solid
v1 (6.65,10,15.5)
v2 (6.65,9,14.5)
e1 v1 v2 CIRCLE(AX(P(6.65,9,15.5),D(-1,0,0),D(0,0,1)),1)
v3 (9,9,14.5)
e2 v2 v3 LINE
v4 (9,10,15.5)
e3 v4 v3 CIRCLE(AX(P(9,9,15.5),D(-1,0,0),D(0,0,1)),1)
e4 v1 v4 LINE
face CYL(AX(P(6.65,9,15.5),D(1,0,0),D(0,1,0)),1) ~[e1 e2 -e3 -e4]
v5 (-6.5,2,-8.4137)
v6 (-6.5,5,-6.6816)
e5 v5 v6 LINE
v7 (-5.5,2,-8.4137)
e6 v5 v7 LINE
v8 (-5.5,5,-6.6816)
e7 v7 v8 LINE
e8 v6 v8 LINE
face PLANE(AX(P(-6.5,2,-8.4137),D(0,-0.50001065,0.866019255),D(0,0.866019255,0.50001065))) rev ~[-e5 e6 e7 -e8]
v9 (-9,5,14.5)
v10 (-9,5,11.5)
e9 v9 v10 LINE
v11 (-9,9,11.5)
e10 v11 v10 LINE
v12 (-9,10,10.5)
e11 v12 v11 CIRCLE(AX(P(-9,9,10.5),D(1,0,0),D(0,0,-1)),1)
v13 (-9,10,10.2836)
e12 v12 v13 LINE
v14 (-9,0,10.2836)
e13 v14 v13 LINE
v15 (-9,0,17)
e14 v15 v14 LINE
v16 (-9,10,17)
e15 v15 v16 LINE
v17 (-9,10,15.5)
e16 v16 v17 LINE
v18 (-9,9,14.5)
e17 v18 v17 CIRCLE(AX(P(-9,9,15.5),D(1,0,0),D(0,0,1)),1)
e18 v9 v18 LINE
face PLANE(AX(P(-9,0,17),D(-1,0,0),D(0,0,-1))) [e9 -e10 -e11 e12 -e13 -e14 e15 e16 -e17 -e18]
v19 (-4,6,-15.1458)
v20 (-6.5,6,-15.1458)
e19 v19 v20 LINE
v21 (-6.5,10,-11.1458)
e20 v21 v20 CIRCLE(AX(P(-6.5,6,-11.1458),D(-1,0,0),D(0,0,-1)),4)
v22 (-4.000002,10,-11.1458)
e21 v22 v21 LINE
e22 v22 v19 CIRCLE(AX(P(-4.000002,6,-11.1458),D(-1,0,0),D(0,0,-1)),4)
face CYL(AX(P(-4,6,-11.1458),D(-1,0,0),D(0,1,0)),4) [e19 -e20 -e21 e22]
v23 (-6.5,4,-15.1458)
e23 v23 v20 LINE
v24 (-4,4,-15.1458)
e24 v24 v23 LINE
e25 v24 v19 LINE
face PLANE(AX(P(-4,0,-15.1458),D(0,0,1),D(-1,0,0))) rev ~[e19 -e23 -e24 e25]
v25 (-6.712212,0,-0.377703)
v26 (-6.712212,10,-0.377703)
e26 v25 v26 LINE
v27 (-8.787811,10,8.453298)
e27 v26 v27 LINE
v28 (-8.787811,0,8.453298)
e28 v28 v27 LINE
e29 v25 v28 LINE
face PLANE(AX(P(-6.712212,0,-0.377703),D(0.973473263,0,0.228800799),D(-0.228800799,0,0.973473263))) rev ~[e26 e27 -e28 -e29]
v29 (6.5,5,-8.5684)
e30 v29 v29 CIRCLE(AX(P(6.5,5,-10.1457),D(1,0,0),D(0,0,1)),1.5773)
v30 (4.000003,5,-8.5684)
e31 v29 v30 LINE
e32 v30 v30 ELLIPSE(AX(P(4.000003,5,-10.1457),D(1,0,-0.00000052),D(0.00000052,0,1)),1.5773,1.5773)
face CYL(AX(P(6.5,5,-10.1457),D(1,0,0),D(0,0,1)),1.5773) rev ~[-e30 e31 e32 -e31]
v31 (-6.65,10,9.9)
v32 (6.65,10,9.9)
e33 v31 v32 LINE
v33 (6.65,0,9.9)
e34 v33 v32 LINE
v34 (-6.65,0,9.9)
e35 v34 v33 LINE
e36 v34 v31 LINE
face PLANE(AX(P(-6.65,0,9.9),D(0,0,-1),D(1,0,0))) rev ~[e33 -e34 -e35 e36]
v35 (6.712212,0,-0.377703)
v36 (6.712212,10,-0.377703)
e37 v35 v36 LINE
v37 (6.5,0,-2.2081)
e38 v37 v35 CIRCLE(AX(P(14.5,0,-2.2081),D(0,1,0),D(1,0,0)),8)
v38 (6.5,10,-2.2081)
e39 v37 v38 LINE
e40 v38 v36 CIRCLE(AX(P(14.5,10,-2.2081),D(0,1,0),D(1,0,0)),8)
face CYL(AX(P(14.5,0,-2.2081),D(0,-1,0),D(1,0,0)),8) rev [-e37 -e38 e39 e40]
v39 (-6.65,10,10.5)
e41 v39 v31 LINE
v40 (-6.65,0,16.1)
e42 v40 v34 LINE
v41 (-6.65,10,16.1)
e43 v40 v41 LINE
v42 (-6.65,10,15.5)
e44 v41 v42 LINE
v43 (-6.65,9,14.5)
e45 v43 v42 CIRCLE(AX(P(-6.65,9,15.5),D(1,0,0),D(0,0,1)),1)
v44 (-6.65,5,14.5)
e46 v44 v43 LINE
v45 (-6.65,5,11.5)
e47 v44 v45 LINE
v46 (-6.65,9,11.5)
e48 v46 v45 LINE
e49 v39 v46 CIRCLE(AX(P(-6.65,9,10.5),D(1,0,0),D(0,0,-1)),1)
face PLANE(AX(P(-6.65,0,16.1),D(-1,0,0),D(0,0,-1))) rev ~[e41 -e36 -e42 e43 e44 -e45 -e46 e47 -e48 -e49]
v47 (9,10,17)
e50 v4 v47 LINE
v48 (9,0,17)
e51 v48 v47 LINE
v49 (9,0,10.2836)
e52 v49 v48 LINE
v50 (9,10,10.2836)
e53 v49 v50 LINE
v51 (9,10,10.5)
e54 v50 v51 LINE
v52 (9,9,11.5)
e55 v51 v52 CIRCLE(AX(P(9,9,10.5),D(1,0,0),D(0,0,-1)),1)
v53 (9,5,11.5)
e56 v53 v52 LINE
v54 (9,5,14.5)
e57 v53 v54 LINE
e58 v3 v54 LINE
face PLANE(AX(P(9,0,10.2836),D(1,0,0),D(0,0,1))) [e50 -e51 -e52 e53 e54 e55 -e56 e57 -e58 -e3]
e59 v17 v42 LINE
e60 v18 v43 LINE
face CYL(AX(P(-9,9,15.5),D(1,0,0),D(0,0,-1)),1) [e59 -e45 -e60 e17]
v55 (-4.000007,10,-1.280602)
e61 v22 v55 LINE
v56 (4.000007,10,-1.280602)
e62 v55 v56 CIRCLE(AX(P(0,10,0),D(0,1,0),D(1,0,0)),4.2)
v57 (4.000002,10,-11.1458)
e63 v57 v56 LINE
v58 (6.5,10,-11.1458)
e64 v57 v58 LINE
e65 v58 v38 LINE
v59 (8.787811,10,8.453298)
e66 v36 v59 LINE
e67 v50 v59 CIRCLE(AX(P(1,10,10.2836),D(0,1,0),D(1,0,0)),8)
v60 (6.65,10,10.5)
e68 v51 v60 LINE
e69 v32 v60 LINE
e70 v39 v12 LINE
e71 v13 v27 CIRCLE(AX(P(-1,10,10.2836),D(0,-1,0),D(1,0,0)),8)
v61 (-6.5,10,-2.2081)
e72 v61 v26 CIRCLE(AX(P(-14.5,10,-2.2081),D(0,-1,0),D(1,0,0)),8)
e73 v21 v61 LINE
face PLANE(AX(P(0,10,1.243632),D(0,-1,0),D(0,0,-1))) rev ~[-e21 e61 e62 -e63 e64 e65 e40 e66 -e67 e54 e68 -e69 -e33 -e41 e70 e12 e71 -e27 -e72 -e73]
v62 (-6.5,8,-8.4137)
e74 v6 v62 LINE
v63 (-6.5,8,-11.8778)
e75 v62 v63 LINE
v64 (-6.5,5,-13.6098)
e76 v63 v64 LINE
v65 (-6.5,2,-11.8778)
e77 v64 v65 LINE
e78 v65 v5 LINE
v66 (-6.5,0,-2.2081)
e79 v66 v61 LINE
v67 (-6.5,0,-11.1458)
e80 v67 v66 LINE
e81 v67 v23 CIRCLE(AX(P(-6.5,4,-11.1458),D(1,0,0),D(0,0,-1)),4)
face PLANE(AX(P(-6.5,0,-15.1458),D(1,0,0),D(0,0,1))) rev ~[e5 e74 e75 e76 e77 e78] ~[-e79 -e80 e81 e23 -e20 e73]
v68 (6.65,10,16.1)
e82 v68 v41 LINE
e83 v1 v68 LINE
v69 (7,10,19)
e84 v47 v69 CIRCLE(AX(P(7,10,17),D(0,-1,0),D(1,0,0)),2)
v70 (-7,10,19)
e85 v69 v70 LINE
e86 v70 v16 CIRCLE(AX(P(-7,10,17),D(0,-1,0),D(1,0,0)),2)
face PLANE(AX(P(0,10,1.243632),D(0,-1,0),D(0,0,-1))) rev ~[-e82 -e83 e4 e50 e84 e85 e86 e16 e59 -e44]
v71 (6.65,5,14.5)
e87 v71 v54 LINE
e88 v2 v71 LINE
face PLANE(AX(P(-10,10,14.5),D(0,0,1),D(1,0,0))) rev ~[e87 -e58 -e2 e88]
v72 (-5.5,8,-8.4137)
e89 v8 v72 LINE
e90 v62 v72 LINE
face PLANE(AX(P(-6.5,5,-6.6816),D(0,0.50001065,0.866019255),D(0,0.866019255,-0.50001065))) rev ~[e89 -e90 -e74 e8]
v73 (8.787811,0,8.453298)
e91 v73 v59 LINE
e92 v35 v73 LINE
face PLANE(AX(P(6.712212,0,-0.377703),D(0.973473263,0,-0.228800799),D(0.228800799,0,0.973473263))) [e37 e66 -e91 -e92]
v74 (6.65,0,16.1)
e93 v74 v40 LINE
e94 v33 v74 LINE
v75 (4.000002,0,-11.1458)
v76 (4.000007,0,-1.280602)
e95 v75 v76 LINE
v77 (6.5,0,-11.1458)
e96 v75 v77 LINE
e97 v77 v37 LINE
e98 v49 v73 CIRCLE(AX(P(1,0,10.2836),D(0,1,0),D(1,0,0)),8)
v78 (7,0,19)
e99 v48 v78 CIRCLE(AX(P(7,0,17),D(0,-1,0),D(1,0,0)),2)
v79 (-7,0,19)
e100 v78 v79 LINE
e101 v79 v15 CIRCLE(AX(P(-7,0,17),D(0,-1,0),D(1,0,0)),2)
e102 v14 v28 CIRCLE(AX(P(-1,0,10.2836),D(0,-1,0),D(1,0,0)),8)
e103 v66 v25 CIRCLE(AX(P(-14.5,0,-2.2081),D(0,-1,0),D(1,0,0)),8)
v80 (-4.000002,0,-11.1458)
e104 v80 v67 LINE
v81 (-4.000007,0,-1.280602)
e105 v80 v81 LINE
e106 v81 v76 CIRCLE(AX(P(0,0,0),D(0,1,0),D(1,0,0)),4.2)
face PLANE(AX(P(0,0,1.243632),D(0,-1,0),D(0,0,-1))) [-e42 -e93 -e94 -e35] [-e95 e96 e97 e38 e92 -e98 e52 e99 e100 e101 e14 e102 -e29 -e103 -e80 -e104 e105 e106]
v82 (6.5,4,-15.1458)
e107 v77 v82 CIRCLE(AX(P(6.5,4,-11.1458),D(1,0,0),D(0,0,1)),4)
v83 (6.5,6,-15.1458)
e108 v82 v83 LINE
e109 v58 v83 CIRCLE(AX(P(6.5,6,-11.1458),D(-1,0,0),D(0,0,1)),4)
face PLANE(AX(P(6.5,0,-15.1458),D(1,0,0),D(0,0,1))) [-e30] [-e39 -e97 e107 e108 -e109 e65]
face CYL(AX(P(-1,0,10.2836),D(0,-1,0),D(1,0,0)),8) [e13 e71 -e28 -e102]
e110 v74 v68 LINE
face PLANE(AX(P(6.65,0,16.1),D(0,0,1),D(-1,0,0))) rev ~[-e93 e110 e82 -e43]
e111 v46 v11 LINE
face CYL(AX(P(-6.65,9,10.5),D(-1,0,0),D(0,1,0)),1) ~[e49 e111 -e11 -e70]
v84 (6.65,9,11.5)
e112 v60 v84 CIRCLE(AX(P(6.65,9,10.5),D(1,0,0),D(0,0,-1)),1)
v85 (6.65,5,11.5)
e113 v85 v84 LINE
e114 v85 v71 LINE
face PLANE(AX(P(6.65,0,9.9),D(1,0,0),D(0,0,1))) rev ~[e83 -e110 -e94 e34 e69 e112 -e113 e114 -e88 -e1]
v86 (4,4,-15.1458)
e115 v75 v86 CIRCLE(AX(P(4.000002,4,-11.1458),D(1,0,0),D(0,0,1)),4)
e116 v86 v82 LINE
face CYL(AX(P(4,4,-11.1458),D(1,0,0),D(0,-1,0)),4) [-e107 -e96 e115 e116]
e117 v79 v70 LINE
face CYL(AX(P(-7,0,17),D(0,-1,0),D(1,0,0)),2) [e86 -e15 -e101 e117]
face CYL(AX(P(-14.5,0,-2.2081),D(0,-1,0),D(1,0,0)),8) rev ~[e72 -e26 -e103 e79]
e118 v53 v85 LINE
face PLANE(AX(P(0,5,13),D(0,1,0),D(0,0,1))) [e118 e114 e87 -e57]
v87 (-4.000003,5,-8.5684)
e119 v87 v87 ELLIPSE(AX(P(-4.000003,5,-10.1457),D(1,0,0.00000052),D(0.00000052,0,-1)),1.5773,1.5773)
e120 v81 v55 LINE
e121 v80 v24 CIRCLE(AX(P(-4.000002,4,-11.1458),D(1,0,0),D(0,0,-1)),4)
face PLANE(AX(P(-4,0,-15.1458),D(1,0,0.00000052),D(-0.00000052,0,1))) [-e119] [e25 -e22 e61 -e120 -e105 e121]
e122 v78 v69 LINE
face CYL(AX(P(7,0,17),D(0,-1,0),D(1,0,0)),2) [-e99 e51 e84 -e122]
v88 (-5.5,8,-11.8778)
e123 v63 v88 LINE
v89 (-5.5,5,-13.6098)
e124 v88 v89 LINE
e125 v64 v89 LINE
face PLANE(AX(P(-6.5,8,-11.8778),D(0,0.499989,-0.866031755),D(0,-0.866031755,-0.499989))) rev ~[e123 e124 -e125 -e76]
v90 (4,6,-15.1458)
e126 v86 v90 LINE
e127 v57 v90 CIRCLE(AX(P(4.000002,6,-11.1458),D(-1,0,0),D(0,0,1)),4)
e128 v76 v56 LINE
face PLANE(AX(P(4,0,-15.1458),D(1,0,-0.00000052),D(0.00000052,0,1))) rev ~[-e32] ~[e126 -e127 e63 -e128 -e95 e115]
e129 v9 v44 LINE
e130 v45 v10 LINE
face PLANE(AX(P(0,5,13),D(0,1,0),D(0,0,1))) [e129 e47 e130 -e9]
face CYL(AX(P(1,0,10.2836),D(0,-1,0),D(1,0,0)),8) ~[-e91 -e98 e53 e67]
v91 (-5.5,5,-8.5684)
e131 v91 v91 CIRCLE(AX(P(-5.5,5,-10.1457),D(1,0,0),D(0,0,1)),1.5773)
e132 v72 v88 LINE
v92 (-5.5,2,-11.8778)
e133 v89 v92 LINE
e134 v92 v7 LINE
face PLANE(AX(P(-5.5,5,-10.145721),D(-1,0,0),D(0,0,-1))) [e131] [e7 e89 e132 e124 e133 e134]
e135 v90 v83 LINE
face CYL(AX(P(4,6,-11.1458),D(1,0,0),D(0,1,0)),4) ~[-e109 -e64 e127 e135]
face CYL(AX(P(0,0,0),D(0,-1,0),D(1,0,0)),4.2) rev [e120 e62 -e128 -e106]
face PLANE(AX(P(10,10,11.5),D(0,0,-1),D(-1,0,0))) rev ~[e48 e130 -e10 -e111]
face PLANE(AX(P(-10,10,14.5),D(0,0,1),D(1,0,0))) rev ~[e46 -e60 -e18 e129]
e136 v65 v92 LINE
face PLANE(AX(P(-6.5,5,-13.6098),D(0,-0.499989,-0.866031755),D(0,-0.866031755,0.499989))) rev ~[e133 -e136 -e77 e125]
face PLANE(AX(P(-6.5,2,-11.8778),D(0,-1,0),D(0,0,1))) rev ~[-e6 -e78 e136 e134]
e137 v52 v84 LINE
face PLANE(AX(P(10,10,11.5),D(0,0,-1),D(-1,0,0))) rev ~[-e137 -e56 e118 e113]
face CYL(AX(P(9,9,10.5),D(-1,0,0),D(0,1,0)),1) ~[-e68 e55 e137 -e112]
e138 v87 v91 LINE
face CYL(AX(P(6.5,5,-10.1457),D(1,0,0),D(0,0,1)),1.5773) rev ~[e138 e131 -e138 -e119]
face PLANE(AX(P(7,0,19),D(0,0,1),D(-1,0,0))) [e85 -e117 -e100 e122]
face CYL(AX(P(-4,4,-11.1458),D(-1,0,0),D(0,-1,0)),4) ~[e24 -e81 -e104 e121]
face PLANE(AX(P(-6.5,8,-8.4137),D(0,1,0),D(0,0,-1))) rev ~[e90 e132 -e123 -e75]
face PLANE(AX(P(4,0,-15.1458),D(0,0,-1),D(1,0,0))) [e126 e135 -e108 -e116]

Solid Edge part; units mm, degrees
sketch "Sketch1" plane through (0, 0, 0) normal (0, -1, 0) x (1, 0, 0)
  line L0 (-6.65, 9.9) -> (6.65, 9.9)
  line L1 (6.65, 9.9) -> (6.65, 16.1)
  line L2 (6.65, 16.1) -> (-6.65, 16.1)
  line L3 (-6.65, 16.1) -> (-6.65, 9.9)
  line L4 (9, 10.2836) -> (9, 17)
  arc A0 (9, 17) -> (7, 19) centre (7, 17) ccw
  line L5 (7, 19) -> (-7, 19)
  arc A1 (-7, 19) -> (-9, 17) centre (-7, 17) ccw
  line L6 (-9, 17) -> (-9, 10.2836)
  arc A2 (-9, 10.2836) -> (-8.7878, 8.4533) centre (-1, 10.2836) ccw
  line L7 (-6.7122, -0.3777) -> (-8.7878, 8.4533)
  arc A3 (-6.5, -2.2081) -> (-6.7122, -0.3777) centre (-14.5, -2.2081) ccw
  line L8 (-6.5, -15.1458) -> (-6.5, -2.2081)
  line L9 (-4, -15.1458) -> (-6.5, -15.1458)
  line L10 (-4, -15.1458) -> (-4, -1.2806)
  line L11 (4, -15.1458) -> (4, -1.2806)
  line L12 (4, -15.1458) -> (6.5, -15.1458)
  line L13 (6.5, -15.1458) -> (6.5, -2.2081)
  arc A4 (6.5, -2.2081) -> (6.7122, -0.3777) centre (14.5, -2.2081) cw
  line L14 (6.7122, -0.3777) -> (8.7878, 8.4533)
  arc A5 (9, 10.2836) -> (8.7878, 8.4533) centre (1, 10.2836) cw
  arc A6 (-4, -1.2806) -> (4, -1.2806) centre (0, 0) cw
  dimension "D1" = 13.3
  dimension "D2" = 6.2
extrude "Protrusion1" add sketch "Sketch1" against normal blind 10
sketch "Sketch2" plane through (6.5, 6, -9.599) normal (1, 0, 0) x (0, 0, 1)
  circle A0 centre (-0.5467, 1) radius 1.5773
  dimension "D1" = 5
  dimension "D2" = 5
extrude "Cutout1" cut sketch "Sketch2" against normal up to vertex (13 mm away)
sketch "Sketch3" plane through (-6.5, 6, -9.599) normal (-1, 0, 0) x (0, 0, -1)
  line L0 (-1.1853, 4) -> (-2.9174, 1)
  line L1 (-2.9174, 1) -> (-1.1853, -2)
  line L2 (-1.1853, -2) -> (2.2788, -2)
  line L3 (2.2788, -2) -> (4.0108, 1)
  line L4 (4.0108, 1) -> (2.2788, 4)
  line L5 (2.2788, 4) -> (-1.1853, 4)
extrude "ExtrudedCutout_2" cut sketch "Sketch3" against normal blind 1
fillet "Round_1" radius 4 4 edges at (-5.25, 0, -15.1458) (-5.25, 10, -15.1458) (5.25, 10, -15.1458) (5.25, 0, -15.1458)
sketch "Sketch4" plane through (0, 10, 4.4271) normal (0, 1, 0) x (-1, 0, 0)
  line L0 (-10, 7.0729) -> (10, 7.0729)
  line L1 (10, 7.0729) -> (10, 10.0729)
  line L2 (10, 10.0729) -> (-10, 10.0729)
  line L3 (-10, 10.0729) -> (-10, 7.0729)
extrude "ExtrudedCutout_3" cut sketch "Sketch4" against normal blind 5
fillet "Round_5" radius 1 4 edges at (7.825, 10, 11.5) (7.825, 10, 14.5) (-7.825, 10, 11.5) (-7.825, 10, 14.5)
